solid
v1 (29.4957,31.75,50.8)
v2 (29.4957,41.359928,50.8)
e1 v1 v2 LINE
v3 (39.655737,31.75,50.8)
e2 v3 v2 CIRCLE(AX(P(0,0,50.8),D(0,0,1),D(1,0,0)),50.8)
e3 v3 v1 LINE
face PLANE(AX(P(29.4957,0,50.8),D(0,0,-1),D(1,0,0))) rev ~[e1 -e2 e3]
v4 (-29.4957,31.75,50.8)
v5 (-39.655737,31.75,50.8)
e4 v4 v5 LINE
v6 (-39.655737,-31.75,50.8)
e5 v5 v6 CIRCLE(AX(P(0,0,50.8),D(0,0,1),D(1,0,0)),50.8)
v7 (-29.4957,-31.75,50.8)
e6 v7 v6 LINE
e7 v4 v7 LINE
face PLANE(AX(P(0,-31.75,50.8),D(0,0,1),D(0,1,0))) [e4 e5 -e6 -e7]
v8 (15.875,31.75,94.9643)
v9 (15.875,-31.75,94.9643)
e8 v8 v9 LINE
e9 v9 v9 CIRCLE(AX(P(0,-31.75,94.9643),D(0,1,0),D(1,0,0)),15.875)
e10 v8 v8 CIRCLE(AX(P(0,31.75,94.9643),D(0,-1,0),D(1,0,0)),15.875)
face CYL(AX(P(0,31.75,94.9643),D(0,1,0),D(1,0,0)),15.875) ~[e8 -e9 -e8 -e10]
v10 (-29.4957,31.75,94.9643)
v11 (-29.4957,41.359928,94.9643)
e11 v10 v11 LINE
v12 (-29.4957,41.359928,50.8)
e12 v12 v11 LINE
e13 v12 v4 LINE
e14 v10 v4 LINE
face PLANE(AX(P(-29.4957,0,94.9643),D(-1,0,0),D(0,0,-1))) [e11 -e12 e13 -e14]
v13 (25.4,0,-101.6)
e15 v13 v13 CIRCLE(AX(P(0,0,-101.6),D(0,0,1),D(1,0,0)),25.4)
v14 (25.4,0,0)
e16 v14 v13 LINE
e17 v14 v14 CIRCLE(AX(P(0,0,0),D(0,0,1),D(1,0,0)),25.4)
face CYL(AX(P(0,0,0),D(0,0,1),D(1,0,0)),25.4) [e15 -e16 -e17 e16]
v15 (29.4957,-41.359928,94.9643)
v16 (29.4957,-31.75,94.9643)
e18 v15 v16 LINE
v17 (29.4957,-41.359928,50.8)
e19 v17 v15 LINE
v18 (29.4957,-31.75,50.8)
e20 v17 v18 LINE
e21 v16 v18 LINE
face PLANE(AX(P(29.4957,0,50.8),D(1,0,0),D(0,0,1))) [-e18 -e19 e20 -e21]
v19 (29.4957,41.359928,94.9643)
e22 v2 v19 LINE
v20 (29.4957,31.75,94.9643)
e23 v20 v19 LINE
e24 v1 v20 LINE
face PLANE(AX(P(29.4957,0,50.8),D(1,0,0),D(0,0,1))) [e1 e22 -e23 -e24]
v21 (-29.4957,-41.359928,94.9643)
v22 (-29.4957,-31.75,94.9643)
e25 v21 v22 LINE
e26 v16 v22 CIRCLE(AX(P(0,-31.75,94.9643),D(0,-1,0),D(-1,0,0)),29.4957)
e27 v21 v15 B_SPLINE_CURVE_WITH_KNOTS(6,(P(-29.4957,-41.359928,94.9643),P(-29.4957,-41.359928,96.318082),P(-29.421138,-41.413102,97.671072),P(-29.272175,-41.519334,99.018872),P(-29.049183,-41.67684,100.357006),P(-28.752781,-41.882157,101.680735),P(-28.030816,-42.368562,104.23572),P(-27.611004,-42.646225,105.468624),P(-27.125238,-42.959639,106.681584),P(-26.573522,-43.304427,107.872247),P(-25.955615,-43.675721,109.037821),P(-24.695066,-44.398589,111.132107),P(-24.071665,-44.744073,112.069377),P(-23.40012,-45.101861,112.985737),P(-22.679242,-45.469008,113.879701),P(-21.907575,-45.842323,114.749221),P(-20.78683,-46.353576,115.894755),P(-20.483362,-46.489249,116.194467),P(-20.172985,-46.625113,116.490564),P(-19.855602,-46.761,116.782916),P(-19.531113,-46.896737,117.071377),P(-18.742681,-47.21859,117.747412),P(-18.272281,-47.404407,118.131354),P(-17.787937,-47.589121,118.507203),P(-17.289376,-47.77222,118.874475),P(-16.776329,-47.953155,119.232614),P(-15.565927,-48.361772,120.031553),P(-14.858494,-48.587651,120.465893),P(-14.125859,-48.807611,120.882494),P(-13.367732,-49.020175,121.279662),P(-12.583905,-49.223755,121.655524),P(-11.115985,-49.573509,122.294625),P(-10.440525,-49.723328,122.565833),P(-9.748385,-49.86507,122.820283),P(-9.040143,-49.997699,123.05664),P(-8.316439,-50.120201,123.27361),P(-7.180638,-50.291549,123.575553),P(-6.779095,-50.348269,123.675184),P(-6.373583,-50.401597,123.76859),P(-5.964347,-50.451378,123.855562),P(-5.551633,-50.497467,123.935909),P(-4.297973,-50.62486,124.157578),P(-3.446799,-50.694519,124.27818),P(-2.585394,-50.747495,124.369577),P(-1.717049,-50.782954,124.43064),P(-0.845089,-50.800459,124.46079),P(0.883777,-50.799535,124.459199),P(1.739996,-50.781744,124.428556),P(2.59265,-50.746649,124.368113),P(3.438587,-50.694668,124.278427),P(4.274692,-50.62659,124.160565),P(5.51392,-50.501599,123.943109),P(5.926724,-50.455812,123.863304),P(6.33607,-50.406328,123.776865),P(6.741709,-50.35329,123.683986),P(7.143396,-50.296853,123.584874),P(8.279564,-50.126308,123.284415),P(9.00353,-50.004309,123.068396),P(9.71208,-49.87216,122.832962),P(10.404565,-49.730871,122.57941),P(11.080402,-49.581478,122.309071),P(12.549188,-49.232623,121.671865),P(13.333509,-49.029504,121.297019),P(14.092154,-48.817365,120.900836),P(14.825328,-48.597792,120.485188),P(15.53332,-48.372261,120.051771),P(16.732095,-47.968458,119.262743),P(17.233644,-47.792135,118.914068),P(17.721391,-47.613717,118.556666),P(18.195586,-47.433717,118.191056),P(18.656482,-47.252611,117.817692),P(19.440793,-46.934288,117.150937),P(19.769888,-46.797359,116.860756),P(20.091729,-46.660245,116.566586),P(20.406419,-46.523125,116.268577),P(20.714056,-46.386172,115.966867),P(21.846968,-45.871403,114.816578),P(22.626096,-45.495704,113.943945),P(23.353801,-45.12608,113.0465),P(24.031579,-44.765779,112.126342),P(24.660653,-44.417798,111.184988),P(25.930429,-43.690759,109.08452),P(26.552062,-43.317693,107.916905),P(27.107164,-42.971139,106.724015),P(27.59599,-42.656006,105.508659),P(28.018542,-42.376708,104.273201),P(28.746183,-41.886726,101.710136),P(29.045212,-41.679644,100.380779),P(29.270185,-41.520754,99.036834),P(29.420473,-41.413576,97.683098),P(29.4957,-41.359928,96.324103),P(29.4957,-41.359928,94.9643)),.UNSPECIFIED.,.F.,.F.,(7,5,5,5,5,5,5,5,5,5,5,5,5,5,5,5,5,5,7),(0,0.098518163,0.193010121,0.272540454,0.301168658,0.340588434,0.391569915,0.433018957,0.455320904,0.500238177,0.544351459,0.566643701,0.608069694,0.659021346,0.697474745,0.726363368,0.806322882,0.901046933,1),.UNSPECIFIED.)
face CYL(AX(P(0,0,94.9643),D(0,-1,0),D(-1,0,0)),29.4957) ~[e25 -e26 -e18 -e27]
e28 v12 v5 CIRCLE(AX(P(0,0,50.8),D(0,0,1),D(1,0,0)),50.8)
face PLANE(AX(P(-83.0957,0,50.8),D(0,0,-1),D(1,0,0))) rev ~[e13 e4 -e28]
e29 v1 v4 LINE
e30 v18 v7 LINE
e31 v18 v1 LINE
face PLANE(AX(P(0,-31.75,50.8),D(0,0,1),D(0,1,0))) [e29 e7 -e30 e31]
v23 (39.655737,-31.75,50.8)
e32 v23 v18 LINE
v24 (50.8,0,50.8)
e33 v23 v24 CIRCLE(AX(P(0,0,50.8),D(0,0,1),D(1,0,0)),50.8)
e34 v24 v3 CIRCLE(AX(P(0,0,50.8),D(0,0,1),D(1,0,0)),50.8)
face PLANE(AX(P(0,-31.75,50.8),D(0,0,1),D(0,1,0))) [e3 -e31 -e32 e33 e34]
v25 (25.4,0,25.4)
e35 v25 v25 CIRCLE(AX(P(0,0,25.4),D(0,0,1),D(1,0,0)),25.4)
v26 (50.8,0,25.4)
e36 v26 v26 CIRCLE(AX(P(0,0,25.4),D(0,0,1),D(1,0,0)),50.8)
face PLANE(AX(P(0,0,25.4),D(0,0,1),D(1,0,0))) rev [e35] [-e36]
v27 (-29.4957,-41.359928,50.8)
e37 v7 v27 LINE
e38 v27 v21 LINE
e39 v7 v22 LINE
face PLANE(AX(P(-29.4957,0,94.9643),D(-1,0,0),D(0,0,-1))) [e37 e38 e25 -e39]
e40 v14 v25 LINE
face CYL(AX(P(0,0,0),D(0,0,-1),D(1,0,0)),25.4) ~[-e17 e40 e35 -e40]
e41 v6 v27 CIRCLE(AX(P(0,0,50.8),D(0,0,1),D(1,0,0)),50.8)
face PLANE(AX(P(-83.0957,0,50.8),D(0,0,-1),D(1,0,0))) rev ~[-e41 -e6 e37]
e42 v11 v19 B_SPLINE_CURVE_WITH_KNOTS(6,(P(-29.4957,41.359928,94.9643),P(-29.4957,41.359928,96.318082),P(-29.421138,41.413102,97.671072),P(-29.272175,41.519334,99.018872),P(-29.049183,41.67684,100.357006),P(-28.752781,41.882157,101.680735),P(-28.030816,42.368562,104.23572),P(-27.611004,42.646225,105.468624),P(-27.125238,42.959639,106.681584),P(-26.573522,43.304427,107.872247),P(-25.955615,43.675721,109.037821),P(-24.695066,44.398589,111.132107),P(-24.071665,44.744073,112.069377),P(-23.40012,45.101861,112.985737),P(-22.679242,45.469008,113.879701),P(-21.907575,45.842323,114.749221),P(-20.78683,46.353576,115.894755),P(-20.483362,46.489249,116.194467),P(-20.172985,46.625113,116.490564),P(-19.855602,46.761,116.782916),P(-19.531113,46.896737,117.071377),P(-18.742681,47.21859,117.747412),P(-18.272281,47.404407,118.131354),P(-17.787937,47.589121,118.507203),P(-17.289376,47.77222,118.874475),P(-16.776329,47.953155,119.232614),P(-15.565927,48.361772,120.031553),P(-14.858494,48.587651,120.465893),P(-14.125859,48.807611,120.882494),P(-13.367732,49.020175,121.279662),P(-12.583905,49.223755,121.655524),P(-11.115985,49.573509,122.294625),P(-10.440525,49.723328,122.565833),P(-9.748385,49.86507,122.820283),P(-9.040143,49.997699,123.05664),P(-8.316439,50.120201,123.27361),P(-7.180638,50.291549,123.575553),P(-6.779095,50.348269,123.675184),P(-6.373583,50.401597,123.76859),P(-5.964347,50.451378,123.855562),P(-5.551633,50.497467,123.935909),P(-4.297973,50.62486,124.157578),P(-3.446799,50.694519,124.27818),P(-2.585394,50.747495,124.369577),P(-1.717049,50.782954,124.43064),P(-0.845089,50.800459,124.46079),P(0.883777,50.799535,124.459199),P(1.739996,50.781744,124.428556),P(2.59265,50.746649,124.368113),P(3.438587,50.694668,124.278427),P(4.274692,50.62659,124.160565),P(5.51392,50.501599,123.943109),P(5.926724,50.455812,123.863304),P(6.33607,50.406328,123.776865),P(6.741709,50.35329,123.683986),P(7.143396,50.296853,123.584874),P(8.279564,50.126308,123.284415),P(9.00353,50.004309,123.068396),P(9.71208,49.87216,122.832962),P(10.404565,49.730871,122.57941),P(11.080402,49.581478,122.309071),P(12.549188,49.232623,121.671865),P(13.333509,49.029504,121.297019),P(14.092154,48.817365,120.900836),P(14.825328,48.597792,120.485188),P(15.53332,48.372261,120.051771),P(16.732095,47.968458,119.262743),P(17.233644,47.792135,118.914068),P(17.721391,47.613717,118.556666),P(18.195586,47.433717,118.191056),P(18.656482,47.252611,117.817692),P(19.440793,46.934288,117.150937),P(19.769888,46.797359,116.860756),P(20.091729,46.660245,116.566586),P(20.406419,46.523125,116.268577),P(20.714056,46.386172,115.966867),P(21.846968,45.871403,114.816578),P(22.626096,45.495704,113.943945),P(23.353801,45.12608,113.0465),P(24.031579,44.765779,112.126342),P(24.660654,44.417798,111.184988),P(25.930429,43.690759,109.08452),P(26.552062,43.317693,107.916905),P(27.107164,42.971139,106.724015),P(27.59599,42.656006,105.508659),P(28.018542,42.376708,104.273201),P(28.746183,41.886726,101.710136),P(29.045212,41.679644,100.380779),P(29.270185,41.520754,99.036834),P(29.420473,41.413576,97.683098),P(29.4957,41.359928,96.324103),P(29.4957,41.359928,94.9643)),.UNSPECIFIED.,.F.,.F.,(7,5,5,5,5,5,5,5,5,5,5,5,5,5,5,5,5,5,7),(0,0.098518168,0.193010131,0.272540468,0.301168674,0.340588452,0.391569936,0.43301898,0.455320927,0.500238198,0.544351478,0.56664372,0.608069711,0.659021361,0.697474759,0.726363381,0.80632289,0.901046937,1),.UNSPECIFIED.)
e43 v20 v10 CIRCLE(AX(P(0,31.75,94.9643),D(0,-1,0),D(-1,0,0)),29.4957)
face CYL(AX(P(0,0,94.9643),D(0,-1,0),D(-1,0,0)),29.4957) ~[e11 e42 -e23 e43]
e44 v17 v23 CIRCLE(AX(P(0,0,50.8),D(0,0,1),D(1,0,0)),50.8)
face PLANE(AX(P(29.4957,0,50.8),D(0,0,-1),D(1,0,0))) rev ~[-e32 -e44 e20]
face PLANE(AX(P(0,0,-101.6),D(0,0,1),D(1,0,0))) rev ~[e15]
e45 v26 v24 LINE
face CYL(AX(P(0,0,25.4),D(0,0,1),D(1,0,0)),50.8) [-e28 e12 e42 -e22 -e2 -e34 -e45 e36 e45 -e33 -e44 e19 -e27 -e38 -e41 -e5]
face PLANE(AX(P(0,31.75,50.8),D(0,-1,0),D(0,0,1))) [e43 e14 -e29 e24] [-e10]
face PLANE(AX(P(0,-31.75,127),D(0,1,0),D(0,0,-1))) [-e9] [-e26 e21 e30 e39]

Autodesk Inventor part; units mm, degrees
ref_plane "YZ Plane" through (0, 0, 0) normal (1, 0, 0) x (0, 1, 0)
ref_plane "XZ Plane" through (0, 0, 0) normal (0, 1, 0) x (-1, 0, 0)
ref_plane "XY Plane" through (0, 0, 0) normal (0, 0, 1) x (1, 0, 0)
sketch "Sketch1" plane through (0, 0, 0) normal (0, 0, 1) x (1, 0, 0)
  circle A0 centre (0, 0) radius 25.4
  dimension "d0" = 50.8
extrude "Extrusion1" add sketch "Sketch1" along normal blind 25.4 and the other way blind 101.6
sketch "Sketch2" plane through (0, 0, 0) normal (0, 1, 0) x (-1, 0, 0)
  line L0 (0, -25.4) -> (0, 152.4) construction
  line L1 (25.4, 25.4) -> (-25.4, 25.4) construction
  line L2 (0, 25.4) -> (-50.8, 25.4)
  line L3 (-50.8, 25.4) -> (-50.8, 127)
  line L4 (-50.8, 127) -> (0, 127)
  line L5 (0, 127) -> (0, 25.4)
  point P0 (0, 0)
  dimension "d8" = 50.8
  dimension "d9" = 101.6
revolve "Revolution1" add sketch "Sketch2" angle 360 about axis through (0, 0, -10) along (0, 0, 1)
sketch "Sketch3" plane through (0, 0, 0) normal (1, 0, 0) x (0, 1, 0)
  line L0 (50.8, 127) -> (-50.8, 127) construction
  line L1 (31.75, 127) -> (-31.75, 127)
  line L2 (-31.75, 127) -> (-31.75, 50.8)
  line L3 (-31.75, 50.8) -> (31.75, 50.8)
  line L4 (31.75, 50.8) -> (31.75, 127)
  line L5 (0, -25.4) -> (0, 152.4) construction
  point P0 (0, 0)
  point P1 (0, 50.8)
  dimension "d11" = 0
  dimension "d12" = 76.2
  dimension "d13" = 63.5
extrude "Extrusion2" cut sketch "Sketch3" along normal mid plane 254
sketch "Sketch4" plane through (0, 0, 0) normal (0, 1, 0) x (-1, 0, 0)
  line L0 (-39.6557, 127) -> (39.6557, 127) construction
  line L1 (39.6557, 127) -> (39.6557, 50.8) construction
  line L2 (-39.6557, 50.8) -> (-39.6557, 127) construction
  line L3 (-29.4957, 50.8) -> (-29.4957, 94.9643)
  line L4 (39.6557, 50.8) -> (-39.6557, 50.8) construction
  line L5 (29.4957, 94.9643) -> (29.4957, 50.8)
  arc A0 (29.4957, 94.9643) -> (-29.4957, 94.9643) centre (0, 94.9643) ccw
  line L6 (-29.4957, 50.8) -> (-112.68, 50.8)
  line L7 (-112.68, 50.8) -> (-112.68, 137.8838)
  line L8 (-112.68, 137.8838) -> (83.0957, 137.8838)
  line L9 (83.0957, 137.8838) -> (83.0957, 50.8)
  line L10 (83.0957, 50.8) -> (29.4957, 50.8)
  line L11 (39.6557, 127) -> (-39.6557, 127) construction
  point P0 (0, 0)
  point P1 (0, 124.46)
  point P2 (0, 127)
  point P3 (0, 127)
  dimension "d16" = 10.16
  dimension "d17" = 10.16
  dimension "d24" = 2.54
extrude "Extrusion3" cut sketch "Sketch4" along normal mid plane 254
sketch "Sketch5" plane through (0, 31.75, 94.9643) normal (0, -1, 0) x (1, 0, 0)
  circle A0 centre (0, 0) radius 15.875
  line L0 (29.4957, 0) -> (29.4957, -44.1643) construction
  line L1 (-29.4957, 0) -> (29.4957, 0) construction
  point P0 (0, -94.9643)
  dimension "d21" = 31.75
extrude "Extrusion4" add sketch "Sketch5" along normal up to next
properties part number "u_joint"
